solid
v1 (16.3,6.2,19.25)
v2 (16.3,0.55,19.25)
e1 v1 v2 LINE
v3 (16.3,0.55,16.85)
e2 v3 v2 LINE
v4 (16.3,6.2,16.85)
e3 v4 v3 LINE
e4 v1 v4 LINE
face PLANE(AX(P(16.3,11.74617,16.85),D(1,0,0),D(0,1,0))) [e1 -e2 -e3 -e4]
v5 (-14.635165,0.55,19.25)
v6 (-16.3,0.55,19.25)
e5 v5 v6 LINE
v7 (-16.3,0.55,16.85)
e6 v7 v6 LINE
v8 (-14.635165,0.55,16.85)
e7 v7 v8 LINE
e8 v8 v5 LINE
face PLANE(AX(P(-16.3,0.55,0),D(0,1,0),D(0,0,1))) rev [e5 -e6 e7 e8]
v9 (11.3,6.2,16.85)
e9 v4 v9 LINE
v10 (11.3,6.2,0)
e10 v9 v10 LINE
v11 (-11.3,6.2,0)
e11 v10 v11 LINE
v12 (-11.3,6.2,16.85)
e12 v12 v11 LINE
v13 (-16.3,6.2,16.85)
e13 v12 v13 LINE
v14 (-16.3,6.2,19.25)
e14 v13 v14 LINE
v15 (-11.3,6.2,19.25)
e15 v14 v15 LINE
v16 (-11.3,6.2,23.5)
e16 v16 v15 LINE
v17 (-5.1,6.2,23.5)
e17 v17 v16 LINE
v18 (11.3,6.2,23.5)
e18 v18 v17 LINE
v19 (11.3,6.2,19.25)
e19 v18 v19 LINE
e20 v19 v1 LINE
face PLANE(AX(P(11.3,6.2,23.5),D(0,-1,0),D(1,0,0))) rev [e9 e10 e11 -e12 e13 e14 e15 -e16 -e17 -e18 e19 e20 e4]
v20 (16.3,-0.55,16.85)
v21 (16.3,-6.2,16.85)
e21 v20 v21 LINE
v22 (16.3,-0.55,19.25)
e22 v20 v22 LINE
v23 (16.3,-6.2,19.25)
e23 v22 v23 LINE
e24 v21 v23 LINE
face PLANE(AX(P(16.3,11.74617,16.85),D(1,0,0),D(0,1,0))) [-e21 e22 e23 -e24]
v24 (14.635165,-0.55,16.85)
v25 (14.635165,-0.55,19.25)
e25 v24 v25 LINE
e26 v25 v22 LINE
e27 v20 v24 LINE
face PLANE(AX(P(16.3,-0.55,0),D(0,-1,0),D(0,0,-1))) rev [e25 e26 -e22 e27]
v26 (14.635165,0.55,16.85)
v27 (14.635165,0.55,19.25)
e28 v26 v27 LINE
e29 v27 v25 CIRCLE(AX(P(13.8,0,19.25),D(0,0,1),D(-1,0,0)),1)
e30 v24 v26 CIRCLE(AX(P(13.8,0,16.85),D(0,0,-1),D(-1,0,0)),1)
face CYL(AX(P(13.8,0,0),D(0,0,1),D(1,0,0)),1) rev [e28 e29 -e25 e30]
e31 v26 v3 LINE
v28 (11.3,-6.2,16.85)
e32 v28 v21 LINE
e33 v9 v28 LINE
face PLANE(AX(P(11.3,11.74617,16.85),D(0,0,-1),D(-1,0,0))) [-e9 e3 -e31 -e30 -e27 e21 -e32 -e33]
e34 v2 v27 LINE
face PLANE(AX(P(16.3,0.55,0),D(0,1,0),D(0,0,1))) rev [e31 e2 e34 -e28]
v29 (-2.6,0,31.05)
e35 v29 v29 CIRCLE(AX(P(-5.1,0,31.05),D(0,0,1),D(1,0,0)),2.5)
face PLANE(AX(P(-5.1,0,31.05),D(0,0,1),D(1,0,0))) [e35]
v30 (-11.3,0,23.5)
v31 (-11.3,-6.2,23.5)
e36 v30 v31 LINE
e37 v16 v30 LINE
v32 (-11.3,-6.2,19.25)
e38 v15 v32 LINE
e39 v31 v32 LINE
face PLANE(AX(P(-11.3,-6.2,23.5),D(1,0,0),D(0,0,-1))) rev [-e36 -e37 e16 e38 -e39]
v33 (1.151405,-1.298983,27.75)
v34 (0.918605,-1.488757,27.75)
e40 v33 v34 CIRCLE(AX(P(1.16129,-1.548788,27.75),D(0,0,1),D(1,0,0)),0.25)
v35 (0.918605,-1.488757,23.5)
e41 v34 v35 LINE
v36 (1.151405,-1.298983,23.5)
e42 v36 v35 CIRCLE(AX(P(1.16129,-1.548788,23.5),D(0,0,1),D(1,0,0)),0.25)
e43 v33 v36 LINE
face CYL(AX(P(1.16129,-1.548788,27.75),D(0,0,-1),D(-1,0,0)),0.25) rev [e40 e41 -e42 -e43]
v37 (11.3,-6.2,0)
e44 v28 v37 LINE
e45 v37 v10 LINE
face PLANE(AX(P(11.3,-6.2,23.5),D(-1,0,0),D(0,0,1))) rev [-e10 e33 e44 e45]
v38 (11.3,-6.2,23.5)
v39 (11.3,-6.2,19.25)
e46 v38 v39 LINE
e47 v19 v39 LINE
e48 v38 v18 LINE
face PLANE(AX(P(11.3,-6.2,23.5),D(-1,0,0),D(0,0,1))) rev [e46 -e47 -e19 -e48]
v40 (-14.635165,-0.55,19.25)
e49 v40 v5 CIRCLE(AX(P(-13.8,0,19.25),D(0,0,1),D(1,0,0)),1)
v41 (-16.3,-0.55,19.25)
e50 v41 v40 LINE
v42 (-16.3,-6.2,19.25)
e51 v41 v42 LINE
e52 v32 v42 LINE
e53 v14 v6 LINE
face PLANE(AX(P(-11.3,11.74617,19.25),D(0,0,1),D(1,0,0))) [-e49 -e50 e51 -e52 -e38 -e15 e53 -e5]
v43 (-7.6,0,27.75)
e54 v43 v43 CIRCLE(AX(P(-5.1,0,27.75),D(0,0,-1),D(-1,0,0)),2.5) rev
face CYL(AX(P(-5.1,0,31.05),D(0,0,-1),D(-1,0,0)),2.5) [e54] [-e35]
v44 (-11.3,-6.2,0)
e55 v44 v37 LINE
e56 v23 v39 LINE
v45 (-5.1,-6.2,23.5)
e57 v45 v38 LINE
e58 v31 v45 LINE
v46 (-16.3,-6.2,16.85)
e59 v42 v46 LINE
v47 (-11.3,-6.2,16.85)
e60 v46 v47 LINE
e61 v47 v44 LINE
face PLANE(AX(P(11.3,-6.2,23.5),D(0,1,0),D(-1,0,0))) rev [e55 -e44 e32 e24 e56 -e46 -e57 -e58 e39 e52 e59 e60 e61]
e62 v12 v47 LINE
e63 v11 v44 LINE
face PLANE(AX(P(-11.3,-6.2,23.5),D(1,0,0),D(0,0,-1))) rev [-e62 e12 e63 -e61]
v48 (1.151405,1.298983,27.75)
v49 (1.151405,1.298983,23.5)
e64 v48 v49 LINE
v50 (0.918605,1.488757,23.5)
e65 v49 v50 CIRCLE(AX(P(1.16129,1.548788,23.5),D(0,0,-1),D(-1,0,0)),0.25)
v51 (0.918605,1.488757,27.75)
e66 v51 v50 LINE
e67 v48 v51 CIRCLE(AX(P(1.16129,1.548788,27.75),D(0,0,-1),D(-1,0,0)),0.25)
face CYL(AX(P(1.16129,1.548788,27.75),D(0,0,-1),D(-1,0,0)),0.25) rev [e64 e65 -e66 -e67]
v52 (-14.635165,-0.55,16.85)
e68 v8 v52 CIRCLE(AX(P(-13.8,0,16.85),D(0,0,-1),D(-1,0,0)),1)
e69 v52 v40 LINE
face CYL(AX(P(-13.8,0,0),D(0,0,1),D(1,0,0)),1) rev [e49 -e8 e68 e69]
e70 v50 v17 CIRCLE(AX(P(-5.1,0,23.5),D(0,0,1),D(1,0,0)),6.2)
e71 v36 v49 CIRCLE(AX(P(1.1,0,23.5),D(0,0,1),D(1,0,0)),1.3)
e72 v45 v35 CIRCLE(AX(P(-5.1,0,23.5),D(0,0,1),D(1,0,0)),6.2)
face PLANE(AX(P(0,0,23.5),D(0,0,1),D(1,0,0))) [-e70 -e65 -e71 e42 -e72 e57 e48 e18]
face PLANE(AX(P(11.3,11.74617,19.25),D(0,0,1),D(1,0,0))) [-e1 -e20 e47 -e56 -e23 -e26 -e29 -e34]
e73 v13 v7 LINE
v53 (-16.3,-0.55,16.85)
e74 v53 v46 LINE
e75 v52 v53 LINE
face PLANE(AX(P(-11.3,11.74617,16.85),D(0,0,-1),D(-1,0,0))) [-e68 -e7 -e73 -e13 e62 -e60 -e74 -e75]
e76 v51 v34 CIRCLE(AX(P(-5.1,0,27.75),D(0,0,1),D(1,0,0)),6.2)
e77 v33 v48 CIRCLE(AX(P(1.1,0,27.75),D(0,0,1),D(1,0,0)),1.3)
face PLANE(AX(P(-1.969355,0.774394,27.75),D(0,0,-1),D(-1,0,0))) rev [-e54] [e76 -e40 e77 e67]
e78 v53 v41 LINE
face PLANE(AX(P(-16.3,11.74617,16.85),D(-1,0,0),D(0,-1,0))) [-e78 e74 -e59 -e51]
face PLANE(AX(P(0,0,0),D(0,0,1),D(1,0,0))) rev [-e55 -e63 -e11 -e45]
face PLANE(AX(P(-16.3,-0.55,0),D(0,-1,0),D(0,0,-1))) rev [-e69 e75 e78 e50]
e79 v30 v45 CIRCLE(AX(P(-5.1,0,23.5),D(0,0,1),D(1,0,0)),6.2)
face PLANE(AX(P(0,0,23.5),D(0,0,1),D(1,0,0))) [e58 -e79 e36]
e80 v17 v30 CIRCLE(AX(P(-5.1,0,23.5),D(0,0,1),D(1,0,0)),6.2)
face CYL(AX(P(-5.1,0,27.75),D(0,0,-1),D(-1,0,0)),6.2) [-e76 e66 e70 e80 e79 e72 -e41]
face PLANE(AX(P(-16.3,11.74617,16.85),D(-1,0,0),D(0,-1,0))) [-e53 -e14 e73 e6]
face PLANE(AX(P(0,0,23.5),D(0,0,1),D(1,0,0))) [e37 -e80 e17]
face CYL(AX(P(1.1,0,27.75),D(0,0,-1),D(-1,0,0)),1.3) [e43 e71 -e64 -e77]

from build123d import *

# Parameters (mm, degrees)
SKETCH1_W           = 22.6
SKETCH1_H           = 12.4
BOSS_EXTRUDE1_DEPTH = 23.5
SKETCH3_W           = 5
SKETCH3_H           = 2.4
BOSS_EXTRUDE2_DEPTH = 12.4
CUT_EXTRUDE1_DEPTH  = 26.974843599
BOSS_EXTRUDE3_DEPTH = 4.25
SKETCH6_R           = 2.5
BOSS_EXTRUDE4_DEPTH = 3.3


with BuildPart() as part:
    # Sketch1 → Boss-Extrude1 (new body)
    with BuildSketch(Plane.XY):
        Rectangle(SKETCH1_W, SKETCH1_H)
    extrude(amount=BOSS_EXTRUDE1_DEPTH)

    # Sketch3 → Boss-Extrude2 (add)
    with BuildSketch(Plane.XZ.offset(6.2)):
        with Locations((13.8, 18.05)):
            Rectangle(SKETCH3_W, SKETCH3_H)
        with Locations((-13.8, 18.05)):
            Rectangle(SKETCH3_W, SKETCH3_H)
    extrude(amount=-BOSS_EXTRUDE2_DEPTH)

    # Sketch4 → Cut-Extrude1 (cut, through all)
    with BuildSketch(Plane.XY.offset(19.25)):
        with BuildLine():
            Line((16.3, 0.55), (16.3, -0.55))
            Line((16.3, -0.55), (14.635164654, -0.55))
            ThreePointArc((14.635164654, -0.55), (12.8, 0), (14.635164654, 0.55))
            Line((14.635164654, 0.55), (16.3, 0.55))
        make_face()
        with BuildLine():
            Line((-16.3, 0.55), (-14.635164654, 0.55))
            ThreePointArc((-14.635164654, 0.55), (-12.8, 0), (-14.635164654, -0.55))
            Line((-14.635164654, -0.55), (-16.3, -0.55))
            Line((-16.3, -0.55), (-16.3, 0.55))
        make_face()
    extrude(amount=-CUT_EXTRUDE1_DEPTH, mode=Mode.SUBTRACT)

    # Sketch5 → Boss-Extrude3 (add)
    with BuildSketch(Plane.XY.offset(23.5)):
        with BuildLine():
            ThreePointArc((0.918604651, 1.488757218), (-11.3, 0), (0.918604651, -1.488757218))
            ThreePointArc((0.918604651, -1.488757218), (1.003329596, -1.355013632), (1.151404787, -1.298983275))
            ThreePointArc((1.151404787, -1.298983275), (2.4, 0), (1.151404787, 1.298983275))
            ThreePointArc((1.151404787, 1.298983275), (1.003329596, 1.355013632), (0.918604651, 1.488757218))
        make_face()
    extrude(amount=BOSS_EXTRUDE3_DEPTH)

    # Sketch6 → Boss-Extrude4 (add)
    with BuildSketch(Plane.XY.offset(27.75)):
        with Locations(Location((-5.1, 0, 0), (0, 0, 180))):
            Circle(SKETCH6_R)
    extrude(amount=BOSS_EXTRUDE4_DEPTH)


solid = part.part
